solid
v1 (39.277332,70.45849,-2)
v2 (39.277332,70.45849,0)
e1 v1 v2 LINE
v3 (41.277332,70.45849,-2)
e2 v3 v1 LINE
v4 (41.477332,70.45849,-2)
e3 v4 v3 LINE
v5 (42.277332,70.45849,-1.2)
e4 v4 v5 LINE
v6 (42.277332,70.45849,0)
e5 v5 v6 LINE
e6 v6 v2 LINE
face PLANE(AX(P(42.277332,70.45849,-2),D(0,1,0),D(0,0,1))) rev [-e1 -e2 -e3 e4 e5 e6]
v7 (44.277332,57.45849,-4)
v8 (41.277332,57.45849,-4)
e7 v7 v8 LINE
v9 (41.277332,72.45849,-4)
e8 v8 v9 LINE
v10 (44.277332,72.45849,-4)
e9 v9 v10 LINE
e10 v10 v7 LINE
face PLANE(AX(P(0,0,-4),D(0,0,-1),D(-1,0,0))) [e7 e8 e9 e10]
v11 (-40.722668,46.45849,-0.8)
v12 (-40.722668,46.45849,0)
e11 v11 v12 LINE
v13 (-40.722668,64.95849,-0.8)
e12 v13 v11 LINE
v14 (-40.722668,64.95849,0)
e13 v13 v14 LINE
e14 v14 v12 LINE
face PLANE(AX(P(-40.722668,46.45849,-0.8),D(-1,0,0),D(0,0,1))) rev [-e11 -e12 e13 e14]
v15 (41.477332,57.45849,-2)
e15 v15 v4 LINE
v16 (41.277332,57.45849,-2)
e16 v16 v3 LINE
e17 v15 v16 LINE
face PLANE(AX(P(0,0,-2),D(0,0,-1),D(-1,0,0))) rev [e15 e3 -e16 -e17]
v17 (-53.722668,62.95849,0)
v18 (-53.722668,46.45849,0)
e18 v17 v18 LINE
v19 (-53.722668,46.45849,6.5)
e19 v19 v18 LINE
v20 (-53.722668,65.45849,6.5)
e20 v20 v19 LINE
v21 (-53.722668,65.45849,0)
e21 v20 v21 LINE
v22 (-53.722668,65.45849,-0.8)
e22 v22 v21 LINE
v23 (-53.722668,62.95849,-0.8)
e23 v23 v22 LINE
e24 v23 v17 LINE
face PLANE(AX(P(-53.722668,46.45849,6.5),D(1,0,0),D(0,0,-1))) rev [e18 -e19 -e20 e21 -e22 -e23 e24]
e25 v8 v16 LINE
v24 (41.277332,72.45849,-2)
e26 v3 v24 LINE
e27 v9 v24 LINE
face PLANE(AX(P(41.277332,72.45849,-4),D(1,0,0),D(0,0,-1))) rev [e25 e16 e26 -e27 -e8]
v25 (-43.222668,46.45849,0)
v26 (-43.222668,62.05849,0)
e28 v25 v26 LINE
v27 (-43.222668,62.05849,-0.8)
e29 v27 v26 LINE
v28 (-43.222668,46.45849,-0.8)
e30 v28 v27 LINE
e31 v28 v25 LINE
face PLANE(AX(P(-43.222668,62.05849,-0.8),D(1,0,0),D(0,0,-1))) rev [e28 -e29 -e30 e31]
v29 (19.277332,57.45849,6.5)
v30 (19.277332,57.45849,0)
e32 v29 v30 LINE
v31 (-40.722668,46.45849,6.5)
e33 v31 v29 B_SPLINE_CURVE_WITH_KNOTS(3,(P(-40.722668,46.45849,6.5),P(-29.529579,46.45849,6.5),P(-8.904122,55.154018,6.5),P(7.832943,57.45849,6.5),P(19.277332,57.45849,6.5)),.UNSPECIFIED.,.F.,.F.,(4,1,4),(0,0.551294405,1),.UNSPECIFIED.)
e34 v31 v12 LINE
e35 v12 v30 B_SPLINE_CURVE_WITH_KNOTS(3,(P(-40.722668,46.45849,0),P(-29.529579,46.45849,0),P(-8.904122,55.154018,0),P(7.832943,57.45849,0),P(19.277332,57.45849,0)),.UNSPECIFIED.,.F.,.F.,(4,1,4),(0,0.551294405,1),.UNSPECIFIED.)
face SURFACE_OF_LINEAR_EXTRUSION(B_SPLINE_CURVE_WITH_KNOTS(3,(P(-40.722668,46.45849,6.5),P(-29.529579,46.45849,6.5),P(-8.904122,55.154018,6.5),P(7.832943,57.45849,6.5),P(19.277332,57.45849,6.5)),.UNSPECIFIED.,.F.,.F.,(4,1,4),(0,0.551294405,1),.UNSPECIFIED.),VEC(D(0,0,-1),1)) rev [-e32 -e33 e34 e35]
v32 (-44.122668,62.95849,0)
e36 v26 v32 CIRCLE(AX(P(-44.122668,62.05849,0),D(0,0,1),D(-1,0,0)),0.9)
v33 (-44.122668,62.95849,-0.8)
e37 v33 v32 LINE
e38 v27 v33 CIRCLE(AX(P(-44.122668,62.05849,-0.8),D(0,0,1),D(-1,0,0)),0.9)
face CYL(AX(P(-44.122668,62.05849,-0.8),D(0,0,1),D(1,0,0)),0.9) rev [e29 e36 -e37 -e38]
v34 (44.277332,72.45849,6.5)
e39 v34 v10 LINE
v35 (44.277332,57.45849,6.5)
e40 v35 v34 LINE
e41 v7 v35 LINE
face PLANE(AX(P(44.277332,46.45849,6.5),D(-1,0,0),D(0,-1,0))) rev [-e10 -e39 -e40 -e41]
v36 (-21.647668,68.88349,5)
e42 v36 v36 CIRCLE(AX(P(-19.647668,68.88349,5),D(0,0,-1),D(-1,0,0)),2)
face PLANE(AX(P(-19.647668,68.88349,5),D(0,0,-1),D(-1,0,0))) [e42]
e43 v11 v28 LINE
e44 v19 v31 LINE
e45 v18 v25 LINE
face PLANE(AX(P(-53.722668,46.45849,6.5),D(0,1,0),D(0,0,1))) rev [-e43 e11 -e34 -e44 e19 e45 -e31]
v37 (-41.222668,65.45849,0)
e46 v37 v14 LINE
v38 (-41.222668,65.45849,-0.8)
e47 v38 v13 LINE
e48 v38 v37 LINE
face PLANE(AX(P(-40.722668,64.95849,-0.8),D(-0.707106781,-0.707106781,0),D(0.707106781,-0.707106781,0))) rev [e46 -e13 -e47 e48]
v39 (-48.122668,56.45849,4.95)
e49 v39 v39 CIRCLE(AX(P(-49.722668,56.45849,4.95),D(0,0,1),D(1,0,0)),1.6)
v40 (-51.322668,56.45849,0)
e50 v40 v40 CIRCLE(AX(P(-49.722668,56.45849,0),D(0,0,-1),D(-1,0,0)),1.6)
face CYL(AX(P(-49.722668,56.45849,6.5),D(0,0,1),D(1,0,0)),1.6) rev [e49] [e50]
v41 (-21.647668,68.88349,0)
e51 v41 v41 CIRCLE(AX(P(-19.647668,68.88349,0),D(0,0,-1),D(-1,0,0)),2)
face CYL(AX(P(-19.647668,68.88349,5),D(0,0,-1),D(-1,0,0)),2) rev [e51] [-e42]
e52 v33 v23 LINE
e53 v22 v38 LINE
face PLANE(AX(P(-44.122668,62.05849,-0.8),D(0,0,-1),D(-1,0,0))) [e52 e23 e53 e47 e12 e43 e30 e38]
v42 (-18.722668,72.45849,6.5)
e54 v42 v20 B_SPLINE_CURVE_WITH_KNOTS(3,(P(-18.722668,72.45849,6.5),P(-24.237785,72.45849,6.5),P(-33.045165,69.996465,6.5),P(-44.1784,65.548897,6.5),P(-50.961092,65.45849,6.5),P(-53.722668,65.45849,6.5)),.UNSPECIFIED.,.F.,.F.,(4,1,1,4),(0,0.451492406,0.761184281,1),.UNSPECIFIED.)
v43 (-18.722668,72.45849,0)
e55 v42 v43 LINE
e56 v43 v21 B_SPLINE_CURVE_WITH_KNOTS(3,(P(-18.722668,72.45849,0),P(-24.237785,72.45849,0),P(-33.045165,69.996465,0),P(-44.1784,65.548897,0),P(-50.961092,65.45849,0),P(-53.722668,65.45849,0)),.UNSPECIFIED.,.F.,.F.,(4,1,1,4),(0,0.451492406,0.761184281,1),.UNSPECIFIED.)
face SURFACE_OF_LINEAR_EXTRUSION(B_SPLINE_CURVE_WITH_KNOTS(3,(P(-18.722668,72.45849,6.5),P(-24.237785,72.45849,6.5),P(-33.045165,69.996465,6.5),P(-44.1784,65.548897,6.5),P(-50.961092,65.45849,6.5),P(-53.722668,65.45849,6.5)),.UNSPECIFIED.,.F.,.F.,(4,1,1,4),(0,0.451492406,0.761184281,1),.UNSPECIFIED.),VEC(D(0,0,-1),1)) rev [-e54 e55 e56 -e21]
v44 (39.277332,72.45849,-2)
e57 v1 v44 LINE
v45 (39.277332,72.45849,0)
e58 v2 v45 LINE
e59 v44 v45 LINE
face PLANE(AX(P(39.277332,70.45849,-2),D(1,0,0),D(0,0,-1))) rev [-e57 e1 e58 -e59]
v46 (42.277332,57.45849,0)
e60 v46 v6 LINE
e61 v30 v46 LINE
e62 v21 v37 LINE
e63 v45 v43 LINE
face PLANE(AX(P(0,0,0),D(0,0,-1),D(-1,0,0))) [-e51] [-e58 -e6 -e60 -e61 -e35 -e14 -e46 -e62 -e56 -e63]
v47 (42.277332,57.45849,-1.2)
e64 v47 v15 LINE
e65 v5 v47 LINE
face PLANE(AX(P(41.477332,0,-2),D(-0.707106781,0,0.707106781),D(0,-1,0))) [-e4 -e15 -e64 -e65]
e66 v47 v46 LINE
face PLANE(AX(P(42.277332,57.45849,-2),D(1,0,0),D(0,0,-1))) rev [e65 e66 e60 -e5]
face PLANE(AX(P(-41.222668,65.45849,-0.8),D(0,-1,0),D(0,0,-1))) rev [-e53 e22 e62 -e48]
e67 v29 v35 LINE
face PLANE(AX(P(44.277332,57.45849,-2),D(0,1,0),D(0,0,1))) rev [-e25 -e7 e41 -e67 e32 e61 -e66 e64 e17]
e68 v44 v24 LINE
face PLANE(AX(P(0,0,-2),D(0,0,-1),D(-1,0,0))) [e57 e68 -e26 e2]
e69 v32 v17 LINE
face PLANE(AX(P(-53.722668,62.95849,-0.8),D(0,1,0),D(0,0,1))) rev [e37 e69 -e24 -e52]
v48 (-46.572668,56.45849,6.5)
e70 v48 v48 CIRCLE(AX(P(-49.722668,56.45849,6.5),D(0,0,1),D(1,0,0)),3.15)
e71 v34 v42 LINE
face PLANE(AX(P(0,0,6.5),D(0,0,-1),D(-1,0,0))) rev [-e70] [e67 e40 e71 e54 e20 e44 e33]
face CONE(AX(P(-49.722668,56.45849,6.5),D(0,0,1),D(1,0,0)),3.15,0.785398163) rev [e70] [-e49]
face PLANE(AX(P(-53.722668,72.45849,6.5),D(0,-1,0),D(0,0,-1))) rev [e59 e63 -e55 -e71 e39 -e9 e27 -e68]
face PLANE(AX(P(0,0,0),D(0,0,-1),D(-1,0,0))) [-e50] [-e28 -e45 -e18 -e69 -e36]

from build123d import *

# Parameters (mm, degrees)
SKETCH1_W                                       = 98
SKETCH1_H                                       = 26
BOSS_EXTRUDE1_DEPTH                             = 6.5
BOSS_EXTRUDE2_DEPTH                             = 2
CUT_EXTRUDE2_DEPTH                              = 3
CUT_EXTRUDE2_DEPTH_BACK                         = 7.5
BOSS_EXTRUDE3_DEPTH                             = 0.8
SKETCH6_W                                       = 3
SKETCH6_H                                       = 15
BOSS_EXTRUDE4_DEPTH                             = 2
CHAMFER1_SIZE                                   = 0.8
CSK_FOR_M3_FLAT_HEAD_MACHINE_SCREW1_D           = 3.2
CSK_FOR_M3_FLAT_HEAD_MACHINE_SCREW1_CSINK_D     = 6.3
CSK_FOR_M3_FLAT_HEAD_MACHINE_SCREW1_CSINK_ANGLE = 90
SKETCH12_R                                      = 2
CUT_EXTRUDE3_DEPTH                              = 5


with BuildPart() as part:
    # Sketch1 → Boss-Extrude1 (new body)
    with BuildSketch(Plane.XY):
        with Locations((-4.722668085, 59.458490272)):
            Rectangle(SKETCH1_W, SKETCH1_H)
    extrude(amount=BOSS_EXTRUDE1_DEPTH)

    # Sketch3 → Boss-Extrude2 (add)
    with BuildSketch(Plane(origin=(0, 0, 0), x_dir=(-1, 0, 0), z_dir=(0, 0, -1))):
        Polygon((-44.277331915, 72.458490272), (-44.277331915, 57.458490272), (-42.277331915, 57.458490272), (-42.277331915, 70.458490272), (-39.277331915, 70.458490272), (-39.277331915, 72.458490272), align=None)
    extrude(amount=BOSS_EXTRUDE2_DEPTH)

    # Sketch4 → Cut-Extrude2 (cut, two sides)
    with BuildSketch(Plane(origin=(0, 0, 0), x_dir=(-1, 0, 0), z_dir=(0, 0, -1))) as cut_extrude2_sk:
        with BuildLine():
            Line((-44.277331915, 57.458490272), (-19.277331915, 57.458490272))
            add(Edge.make_bspline(
                [(-19.277331915, 57.458490272), (-7.832942992, 57.458490272), (8.904121741, 55.154017843), (29.529578832, 46.458490272), (40.722668085, 46.458490272)],
                knots=[0, 0, 0, 0, 0.448705595, 1, 1, 1, 1], degree=3))
            Line((40.722668085, 46.458490272), (-44.277331915, 46.458490272))
            Line((-44.277331915, 46.458490272), (-44.277331915, 57.458490272))
        make_face()
        with BuildLine():
            Line((18.722668085, 72.458490272), (53.722668085, 72.458490272))
            Line((53.722668085, 72.458490272), (53.722668085, 65.458490272))
            add(Edge.make_bspline(
                [(18.722668085, 72.458490272), (24.237785364, 72.458490272), (33.045165364, 69.996464802), (44.178399876, 65.548896557), (50.961091511, 65.458490272), (53.722668085, 65.458490272)],
                knots=[0, 0, 0, 0, 0.451492406, 0.761184281, 1, 1, 1, 1], degree=3))
        make_face()
    extrude(amount=CUT_EXTRUDE2_DEPTH, mode=Mode.SUBTRACT)
    extrude(cut_extrude2_sk.sketch, amount=-CUT_EXTRUDE2_DEPTH_BACK, mode=Mode.SUBTRACT)

    # Sketch5 → Boss-Extrude3 (add)
    with BuildSketch(Plane(origin=(0, 0, 0), x_dir=(-1, 0, 0), z_dir=(0, 0, -1))):
        with BuildLine():
            Line((43.222668085, 46.458490272), (40.722668085, 46.458490272))
            Line((40.722668085, 46.458490272), (40.722668085, 64.958490272))
            Line((40.722668085, 64.958490272), (41.222668085, 65.458490272))
            Line((41.222668085, 65.458490272), (53.722668085, 65.458490272))
            Line((53.722668085, 65.458490272), (53.722668085, 62.958490272))
            Line((53.722668085, 62.958490272), (44.122668085, 62.958490272))
            ThreePointArc((44.122668085, 62.958490272), (43.486271982, 62.694886375), (43.222668085, 62.058490272))
            Line((43.222668085, 62.058490272), (43.222668085, 46.458490272))
        make_face()
    extrude(amount=BOSS_EXTRUDE3_DEPTH)

    # Sketch6 → Boss-Extrude4 (add)
    with BuildSketch(Plane(origin=(0, 0, -2), x_dir=(-1, 0, 0), z_dir=(0, 0, -1))):
        with Locations((-42.777331915, 64.958490272)):
            Rectangle(SKETCH6_W, SKETCH6_H)
    extrude(amount=BOSS_EXTRUDE4_DEPTH)

    # Chamfer1
    chamfer1_edges = [part.edges().sort_by_distance(p)[0] for p in [
        (42.277331915, 63.958490272, -2),
    ]]
    chamfer(chamfer1_edges, length=CHAMFER1_SIZE)

    # CSK for M3 Flat Head Machine Screw1 (through all)
    with Locations(Plane.XY.offset(6.5)):
        with Locations((-49.722668085, 56.458490272)):
            CounterSinkHole(CSK_FOR_M3_FLAT_HEAD_MACHINE_SCREW1_D / 2, CSK_FOR_M3_FLAT_HEAD_MACHINE_SCREW1_CSINK_D / 2, counter_sink_angle=CSK_FOR_M3_FLAT_HEAD_MACHINE_SCREW1_CSINK_ANGLE)

    # Sketch12 → Cut-Extrude3 (cut)
    with BuildSketch(Plane(origin=(0, 0, 0), x_dir=(-1, 0, 0), z_dir=(0, 0, -1))):
        with Locations((19.647668085, 68.883490272)):
            Circle(SKETCH12_R)
    extrude(amount=-CUT_EXTRUDE3_DEPTH, mode=Mode.SUBTRACT)


solid = part.part
